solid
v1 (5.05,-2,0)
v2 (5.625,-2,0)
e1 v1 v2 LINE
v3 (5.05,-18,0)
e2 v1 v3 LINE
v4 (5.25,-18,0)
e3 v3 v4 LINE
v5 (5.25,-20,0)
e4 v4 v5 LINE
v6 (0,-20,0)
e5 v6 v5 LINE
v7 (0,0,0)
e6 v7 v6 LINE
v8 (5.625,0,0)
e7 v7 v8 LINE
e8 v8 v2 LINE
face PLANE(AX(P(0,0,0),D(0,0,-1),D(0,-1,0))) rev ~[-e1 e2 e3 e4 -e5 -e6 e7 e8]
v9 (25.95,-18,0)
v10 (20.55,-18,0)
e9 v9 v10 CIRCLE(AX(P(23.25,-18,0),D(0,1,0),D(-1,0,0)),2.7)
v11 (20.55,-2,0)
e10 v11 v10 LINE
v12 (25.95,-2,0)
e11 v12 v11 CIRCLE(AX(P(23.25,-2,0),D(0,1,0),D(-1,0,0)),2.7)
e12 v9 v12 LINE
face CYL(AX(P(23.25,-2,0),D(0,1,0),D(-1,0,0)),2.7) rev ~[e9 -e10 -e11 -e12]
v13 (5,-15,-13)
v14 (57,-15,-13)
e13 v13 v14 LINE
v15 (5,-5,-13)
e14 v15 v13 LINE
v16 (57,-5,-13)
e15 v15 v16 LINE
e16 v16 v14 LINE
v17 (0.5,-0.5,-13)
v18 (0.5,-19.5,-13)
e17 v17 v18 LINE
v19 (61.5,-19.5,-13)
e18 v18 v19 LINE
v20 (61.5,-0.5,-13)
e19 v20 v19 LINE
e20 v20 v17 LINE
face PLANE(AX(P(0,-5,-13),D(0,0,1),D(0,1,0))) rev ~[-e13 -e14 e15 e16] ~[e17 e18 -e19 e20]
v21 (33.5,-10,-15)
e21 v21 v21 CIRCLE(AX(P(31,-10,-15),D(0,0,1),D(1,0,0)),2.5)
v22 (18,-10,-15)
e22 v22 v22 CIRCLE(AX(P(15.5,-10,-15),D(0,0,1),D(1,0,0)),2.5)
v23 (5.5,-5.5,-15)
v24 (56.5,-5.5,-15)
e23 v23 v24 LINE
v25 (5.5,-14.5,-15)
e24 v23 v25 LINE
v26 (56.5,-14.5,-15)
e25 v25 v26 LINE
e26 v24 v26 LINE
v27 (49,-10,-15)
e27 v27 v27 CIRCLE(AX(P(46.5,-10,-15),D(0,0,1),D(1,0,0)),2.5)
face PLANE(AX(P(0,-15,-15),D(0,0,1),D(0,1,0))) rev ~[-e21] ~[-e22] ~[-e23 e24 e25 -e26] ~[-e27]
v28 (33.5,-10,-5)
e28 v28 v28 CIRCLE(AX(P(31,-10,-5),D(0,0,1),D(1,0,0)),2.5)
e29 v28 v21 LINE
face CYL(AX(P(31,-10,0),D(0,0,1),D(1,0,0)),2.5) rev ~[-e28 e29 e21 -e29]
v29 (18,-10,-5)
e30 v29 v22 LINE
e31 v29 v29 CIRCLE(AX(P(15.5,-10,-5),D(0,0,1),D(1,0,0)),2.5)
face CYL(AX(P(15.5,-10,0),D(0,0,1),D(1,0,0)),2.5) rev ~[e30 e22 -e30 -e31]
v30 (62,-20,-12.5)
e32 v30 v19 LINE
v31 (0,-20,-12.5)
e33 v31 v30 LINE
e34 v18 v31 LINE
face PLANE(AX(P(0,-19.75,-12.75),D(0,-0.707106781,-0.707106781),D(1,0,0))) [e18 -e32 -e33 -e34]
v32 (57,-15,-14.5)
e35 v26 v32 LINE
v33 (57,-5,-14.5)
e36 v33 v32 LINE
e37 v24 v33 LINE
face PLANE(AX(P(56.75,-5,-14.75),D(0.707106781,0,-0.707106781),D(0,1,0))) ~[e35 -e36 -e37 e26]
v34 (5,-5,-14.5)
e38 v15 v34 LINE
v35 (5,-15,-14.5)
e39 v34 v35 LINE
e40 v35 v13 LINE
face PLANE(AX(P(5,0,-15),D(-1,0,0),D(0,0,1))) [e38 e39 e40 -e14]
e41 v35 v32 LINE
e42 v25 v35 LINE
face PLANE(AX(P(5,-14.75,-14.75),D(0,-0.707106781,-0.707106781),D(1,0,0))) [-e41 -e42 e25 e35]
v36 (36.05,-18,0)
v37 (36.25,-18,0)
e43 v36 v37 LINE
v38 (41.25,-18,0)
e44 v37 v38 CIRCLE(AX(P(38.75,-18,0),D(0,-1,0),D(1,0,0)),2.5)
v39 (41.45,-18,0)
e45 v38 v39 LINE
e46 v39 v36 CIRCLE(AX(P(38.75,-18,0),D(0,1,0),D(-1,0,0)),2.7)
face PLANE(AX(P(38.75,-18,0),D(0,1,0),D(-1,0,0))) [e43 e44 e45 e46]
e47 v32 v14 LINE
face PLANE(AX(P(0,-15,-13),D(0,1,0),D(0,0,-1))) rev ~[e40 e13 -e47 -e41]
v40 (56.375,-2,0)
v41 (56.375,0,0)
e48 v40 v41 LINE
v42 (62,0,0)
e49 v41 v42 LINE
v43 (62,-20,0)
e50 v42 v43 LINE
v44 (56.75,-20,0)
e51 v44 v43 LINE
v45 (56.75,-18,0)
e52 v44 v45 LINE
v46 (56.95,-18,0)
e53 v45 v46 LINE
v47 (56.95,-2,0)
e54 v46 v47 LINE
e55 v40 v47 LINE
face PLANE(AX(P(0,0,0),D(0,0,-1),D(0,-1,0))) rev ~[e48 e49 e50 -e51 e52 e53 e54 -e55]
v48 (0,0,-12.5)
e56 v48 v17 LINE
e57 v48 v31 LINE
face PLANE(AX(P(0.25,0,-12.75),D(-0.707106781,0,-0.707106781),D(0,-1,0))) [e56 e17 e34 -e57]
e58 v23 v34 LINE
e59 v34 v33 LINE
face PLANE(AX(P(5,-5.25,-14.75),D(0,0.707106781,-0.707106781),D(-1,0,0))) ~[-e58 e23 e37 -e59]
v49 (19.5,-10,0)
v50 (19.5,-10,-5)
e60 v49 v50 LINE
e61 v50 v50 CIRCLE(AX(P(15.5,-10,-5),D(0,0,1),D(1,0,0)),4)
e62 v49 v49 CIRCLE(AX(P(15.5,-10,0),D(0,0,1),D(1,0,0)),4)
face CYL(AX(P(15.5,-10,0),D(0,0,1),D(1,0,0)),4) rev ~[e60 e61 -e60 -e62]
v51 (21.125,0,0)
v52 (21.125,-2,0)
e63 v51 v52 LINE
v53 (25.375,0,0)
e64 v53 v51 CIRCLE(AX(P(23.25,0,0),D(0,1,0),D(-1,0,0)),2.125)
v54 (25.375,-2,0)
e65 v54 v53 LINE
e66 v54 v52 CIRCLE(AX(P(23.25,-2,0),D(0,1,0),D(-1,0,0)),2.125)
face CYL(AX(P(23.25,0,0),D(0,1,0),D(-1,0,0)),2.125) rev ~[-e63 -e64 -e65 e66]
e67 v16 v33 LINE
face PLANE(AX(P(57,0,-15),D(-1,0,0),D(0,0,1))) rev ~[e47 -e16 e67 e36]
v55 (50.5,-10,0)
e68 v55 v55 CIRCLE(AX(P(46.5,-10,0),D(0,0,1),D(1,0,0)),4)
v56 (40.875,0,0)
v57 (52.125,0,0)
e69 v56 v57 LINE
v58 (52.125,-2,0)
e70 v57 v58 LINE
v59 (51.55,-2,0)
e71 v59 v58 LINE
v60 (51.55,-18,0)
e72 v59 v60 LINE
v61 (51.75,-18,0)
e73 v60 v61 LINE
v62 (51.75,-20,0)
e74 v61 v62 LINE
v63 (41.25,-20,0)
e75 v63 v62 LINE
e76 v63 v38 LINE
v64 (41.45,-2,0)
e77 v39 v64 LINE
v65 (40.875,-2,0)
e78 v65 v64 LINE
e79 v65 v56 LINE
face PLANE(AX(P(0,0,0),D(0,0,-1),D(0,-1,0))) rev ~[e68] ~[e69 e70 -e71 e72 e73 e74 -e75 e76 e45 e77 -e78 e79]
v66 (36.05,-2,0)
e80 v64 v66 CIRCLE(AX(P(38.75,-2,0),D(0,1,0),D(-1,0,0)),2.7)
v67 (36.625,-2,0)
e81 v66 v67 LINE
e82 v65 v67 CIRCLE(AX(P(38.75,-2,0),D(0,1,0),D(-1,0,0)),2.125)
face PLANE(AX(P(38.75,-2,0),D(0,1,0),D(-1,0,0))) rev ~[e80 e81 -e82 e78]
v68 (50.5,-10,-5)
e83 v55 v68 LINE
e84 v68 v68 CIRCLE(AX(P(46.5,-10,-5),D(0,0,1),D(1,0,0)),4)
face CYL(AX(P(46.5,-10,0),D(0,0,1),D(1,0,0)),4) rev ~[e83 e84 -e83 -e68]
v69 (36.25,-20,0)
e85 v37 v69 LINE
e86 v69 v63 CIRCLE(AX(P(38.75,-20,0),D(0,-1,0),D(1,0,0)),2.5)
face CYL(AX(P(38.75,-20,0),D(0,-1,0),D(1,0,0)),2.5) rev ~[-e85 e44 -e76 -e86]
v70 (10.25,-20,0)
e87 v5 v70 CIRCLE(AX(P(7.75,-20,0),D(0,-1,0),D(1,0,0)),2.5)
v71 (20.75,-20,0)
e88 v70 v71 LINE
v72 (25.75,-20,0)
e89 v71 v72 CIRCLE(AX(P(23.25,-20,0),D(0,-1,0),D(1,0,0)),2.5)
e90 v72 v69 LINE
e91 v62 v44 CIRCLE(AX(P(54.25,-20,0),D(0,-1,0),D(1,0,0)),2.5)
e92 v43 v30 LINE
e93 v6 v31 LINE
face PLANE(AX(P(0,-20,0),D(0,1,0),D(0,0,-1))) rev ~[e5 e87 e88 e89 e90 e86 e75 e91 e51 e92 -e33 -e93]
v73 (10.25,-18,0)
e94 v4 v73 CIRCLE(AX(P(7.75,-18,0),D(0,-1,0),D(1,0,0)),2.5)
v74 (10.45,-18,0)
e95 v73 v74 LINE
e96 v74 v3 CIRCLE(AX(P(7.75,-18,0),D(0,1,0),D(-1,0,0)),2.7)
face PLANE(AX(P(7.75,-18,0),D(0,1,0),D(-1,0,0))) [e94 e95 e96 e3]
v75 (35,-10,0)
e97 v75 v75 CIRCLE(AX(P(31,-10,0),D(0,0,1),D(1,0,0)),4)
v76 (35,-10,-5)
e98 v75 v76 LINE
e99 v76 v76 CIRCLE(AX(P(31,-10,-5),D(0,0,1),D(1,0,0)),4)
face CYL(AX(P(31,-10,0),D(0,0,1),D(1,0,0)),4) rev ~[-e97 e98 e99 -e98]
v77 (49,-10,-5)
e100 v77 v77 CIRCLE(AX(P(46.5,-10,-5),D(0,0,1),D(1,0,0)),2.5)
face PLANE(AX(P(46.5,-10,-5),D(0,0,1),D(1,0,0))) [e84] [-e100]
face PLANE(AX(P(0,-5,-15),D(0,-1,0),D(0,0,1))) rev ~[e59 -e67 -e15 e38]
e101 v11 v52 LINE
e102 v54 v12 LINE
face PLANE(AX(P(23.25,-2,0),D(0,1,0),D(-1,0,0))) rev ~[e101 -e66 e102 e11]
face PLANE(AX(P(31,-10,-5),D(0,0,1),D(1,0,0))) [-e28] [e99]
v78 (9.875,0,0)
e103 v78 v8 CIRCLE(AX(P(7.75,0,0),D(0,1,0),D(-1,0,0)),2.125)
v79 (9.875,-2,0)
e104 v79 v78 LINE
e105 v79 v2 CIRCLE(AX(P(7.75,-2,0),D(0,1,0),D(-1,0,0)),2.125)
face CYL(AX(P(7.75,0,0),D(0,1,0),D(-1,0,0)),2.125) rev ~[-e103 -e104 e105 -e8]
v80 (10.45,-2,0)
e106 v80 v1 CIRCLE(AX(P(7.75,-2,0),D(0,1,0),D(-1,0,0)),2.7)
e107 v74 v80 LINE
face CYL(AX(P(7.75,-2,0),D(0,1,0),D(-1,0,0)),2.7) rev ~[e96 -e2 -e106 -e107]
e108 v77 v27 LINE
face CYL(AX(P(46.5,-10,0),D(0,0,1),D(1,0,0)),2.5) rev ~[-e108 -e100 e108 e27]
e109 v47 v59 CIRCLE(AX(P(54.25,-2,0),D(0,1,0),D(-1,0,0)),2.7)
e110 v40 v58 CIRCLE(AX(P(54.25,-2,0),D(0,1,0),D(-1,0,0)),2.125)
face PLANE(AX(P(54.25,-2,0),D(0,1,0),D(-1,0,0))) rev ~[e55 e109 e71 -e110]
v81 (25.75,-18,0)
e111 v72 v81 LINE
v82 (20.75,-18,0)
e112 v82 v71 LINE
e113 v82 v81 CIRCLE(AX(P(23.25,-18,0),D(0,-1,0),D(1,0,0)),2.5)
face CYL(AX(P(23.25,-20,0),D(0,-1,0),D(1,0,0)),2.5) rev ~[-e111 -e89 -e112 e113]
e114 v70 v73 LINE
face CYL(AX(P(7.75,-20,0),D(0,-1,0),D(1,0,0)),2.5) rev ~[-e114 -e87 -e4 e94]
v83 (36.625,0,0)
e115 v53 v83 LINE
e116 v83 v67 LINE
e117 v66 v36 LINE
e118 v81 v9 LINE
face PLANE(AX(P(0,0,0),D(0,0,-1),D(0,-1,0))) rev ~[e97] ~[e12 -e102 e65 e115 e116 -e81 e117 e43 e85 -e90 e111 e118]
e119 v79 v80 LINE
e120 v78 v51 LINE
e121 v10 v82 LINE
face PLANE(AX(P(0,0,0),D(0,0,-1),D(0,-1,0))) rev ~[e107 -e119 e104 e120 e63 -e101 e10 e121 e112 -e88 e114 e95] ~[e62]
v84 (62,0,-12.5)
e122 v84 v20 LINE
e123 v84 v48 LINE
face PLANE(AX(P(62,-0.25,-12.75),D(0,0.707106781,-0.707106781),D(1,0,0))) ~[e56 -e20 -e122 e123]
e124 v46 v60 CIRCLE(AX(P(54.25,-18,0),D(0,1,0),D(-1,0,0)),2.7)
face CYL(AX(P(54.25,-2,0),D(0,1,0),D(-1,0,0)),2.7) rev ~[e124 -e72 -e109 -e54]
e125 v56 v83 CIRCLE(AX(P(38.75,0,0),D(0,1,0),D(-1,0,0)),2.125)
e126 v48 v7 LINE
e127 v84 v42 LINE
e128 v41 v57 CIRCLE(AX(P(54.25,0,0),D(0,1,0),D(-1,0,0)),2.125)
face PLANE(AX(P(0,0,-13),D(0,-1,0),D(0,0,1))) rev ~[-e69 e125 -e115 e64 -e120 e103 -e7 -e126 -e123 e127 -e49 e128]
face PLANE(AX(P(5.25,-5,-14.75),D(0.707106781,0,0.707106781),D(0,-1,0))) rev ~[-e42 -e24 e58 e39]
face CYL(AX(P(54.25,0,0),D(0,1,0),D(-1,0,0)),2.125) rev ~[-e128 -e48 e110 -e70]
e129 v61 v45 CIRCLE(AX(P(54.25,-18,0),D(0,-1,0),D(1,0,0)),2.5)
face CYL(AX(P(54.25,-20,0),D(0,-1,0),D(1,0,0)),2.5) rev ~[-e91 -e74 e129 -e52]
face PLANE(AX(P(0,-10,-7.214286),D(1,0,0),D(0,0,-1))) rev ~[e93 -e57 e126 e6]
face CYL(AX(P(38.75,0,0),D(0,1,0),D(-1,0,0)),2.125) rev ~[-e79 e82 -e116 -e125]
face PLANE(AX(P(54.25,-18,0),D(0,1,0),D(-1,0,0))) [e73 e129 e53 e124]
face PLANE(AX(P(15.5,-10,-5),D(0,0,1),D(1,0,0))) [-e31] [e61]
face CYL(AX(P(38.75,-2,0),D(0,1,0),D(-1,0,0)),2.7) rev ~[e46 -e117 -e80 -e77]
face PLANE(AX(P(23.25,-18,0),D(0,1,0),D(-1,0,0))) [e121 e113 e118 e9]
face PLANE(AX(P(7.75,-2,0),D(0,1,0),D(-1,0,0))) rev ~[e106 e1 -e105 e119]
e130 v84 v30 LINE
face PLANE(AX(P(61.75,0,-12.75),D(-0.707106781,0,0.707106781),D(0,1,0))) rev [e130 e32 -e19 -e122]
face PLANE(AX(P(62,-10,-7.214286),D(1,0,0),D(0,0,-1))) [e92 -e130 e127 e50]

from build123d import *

# Parameters (mm, degrees)
WYCI_GNI_CIE1_DEPTH        = 62
SZKIC2_R                   = 2.125
WYTNIJ_WYCI_GNI_CIE1_DEPTH = 21
SZKIC3_R                   = 2.7
WYTNIJ_WYCI_GNI_CIE2_DEPTH = 16
SZKIC4_W                   = 5
SZKIC4_H                   = 2
WYTNIJ_WYCI_GNI_CIE3_DEPTH = 21
SFAZOWANIE1_SIZE           = 0.5
SZKIC5_R                   = 2.5
WYTNIJ_WYCI_GNI_CIE4_DEPTH = 16
SZKIC6_R                   = 4
WYTNIJ_WYCI_GNI_CIE5_DEPTH = 5
SZKIC7_R                   = 2.5
WYTNIJ_WYCI_GNI_CIE6_DEPTH = 10


with BuildPart() as part:
    # Szkic1 → Wyciągnięcie1 (new body)
    with BuildSketch(Plane(origin=(0, 0, 0), x_dir=(0, 0, -1), z_dir=(1, 0, 0))):
        Polygon((0, 0), (0, -20), (13, -20), (13, -15), (15, -15), (15, -5), (13, -5), (13, 0), align=None)
    extrude(amount=WYCI_GNI_CIE1_DEPTH)

    # Szkic2 → Wytnij-wyciągnięcie1 (cut, through all)
    with BuildSketch(Plane(origin=(0, 0, 0), x_dir=(-1, 0, 0), z_dir=(0, 1, 0))):
        with Locations((-7.75, 0)):
            Circle(SZKIC2_R)
        with Locations((-23.25, 0)):
            Circle(SZKIC2_R)
        with Locations((-38.75, 0)):
            Circle(SZKIC2_R)
        with Locations((-54.25, 0)):
            Circle(SZKIC2_R)
    extrude(amount=-WYTNIJ_WYCI_GNI_CIE1_DEPTH, mode=Mode.SUBTRACT)

    # Szkic3 → Wytnij-wyciągnięcie2 (cut)
    with BuildSketch(Plane(origin=(0, -2, 0), x_dir=(-1, 0, 0), z_dir=(0, 1, 0))):
        with Locations((-7.75, 0)):
            Circle(SZKIC3_R)
        with Locations((-23.25, 0)):
            Circle(SZKIC3_R)
        with Locations((-38.75, 0)):
            Circle(SZKIC3_R)
        with Locations((-54.25, 0)):
            Circle(SZKIC3_R)
    extrude(amount=-WYTNIJ_WYCI_GNI_CIE2_DEPTH, mode=Mode.SUBTRACT)

    # Szkic4 → Wytnij-wyciągnięcie3 (cut, through all)
    with BuildSketch(Plane(origin=(0, 0, 0), x_dir=(-1, 0, 0), z_dir=(0, 1, 0))):
        with Locations((-59.5, -14)):
            Rectangle(SZKIC4_W, SZKIC4_H)
        with Locations((-2.5, -14)):
            Rectangle(SZKIC4_W, SZKIC4_H)
    extrude(amount=-WYTNIJ_WYCI_GNI_CIE3_DEPTH, mode=Mode.SUBTRACT)

    # Sfazowanie1
    sfazowanie1_edges = [part.edges().sort_by_distance(p)[0] for p in [
        (31, -5, -15),
        (31, -15, -15),
        (57, -10, -15),
        (31, 0, -13),
        (62, -10, -13),
        (31, -20, -13),
        (5, -10, -15),
        (0, -10, -13),
    ]]
    chamfer(sfazowanie1_edges, length=SFAZOWANIE1_SIZE)

    # Szkic5 → Wytnij-wyciągnięcie4 (cut, through all)
    with BuildSketch(Plane.XY):
        with Locations((31, -10)):
            Circle(SZKIC5_R)
        with Locations((46.5, -10)):
            Circle(SZKIC5_R)
        with Locations((15.5, -10)):
            Circle(SZKIC5_R)
    extrude(amount=-WYTNIJ_WYCI_GNI_CIE4_DEPTH, mode=Mode.SUBTRACT)

    # Szkic6 → Wytnij-wyciągnięcie5 (cut)
    with BuildSketch(Plane.XY):
        with Locations((46.5, -10)):
            Circle(SZKIC6_R)
        with Locations((31, -10)):
            Circle(SZKIC6_R)
        with Locations((15.5, -10)):
            Circle(SZKIC6_R)
    extrude(amount=-WYTNIJ_WYCI_GNI_CIE5_DEPTH, mode=Mode.SUBTRACT)

    # Szkic7 → Wytnij-wyciągnięcie6 (cut)
    with BuildSketch(Plane.XZ.offset(20)):
        with Locations((7.75, 0)):
            Circle(SZKIC7_R)
        with Locations((23.25, 0)):
            Circle(SZKIC7_R)
        with Locations((38.75, 0)):
            Circle(SZKIC7_R)
        with Locations((54.25, 0)):
            Circle(SZKIC7_R)
    extrude(amount=-WYTNIJ_WYCI_GNI_CIE6_DEPTH, mode=Mode.SUBTRACT)


solid = part.part
